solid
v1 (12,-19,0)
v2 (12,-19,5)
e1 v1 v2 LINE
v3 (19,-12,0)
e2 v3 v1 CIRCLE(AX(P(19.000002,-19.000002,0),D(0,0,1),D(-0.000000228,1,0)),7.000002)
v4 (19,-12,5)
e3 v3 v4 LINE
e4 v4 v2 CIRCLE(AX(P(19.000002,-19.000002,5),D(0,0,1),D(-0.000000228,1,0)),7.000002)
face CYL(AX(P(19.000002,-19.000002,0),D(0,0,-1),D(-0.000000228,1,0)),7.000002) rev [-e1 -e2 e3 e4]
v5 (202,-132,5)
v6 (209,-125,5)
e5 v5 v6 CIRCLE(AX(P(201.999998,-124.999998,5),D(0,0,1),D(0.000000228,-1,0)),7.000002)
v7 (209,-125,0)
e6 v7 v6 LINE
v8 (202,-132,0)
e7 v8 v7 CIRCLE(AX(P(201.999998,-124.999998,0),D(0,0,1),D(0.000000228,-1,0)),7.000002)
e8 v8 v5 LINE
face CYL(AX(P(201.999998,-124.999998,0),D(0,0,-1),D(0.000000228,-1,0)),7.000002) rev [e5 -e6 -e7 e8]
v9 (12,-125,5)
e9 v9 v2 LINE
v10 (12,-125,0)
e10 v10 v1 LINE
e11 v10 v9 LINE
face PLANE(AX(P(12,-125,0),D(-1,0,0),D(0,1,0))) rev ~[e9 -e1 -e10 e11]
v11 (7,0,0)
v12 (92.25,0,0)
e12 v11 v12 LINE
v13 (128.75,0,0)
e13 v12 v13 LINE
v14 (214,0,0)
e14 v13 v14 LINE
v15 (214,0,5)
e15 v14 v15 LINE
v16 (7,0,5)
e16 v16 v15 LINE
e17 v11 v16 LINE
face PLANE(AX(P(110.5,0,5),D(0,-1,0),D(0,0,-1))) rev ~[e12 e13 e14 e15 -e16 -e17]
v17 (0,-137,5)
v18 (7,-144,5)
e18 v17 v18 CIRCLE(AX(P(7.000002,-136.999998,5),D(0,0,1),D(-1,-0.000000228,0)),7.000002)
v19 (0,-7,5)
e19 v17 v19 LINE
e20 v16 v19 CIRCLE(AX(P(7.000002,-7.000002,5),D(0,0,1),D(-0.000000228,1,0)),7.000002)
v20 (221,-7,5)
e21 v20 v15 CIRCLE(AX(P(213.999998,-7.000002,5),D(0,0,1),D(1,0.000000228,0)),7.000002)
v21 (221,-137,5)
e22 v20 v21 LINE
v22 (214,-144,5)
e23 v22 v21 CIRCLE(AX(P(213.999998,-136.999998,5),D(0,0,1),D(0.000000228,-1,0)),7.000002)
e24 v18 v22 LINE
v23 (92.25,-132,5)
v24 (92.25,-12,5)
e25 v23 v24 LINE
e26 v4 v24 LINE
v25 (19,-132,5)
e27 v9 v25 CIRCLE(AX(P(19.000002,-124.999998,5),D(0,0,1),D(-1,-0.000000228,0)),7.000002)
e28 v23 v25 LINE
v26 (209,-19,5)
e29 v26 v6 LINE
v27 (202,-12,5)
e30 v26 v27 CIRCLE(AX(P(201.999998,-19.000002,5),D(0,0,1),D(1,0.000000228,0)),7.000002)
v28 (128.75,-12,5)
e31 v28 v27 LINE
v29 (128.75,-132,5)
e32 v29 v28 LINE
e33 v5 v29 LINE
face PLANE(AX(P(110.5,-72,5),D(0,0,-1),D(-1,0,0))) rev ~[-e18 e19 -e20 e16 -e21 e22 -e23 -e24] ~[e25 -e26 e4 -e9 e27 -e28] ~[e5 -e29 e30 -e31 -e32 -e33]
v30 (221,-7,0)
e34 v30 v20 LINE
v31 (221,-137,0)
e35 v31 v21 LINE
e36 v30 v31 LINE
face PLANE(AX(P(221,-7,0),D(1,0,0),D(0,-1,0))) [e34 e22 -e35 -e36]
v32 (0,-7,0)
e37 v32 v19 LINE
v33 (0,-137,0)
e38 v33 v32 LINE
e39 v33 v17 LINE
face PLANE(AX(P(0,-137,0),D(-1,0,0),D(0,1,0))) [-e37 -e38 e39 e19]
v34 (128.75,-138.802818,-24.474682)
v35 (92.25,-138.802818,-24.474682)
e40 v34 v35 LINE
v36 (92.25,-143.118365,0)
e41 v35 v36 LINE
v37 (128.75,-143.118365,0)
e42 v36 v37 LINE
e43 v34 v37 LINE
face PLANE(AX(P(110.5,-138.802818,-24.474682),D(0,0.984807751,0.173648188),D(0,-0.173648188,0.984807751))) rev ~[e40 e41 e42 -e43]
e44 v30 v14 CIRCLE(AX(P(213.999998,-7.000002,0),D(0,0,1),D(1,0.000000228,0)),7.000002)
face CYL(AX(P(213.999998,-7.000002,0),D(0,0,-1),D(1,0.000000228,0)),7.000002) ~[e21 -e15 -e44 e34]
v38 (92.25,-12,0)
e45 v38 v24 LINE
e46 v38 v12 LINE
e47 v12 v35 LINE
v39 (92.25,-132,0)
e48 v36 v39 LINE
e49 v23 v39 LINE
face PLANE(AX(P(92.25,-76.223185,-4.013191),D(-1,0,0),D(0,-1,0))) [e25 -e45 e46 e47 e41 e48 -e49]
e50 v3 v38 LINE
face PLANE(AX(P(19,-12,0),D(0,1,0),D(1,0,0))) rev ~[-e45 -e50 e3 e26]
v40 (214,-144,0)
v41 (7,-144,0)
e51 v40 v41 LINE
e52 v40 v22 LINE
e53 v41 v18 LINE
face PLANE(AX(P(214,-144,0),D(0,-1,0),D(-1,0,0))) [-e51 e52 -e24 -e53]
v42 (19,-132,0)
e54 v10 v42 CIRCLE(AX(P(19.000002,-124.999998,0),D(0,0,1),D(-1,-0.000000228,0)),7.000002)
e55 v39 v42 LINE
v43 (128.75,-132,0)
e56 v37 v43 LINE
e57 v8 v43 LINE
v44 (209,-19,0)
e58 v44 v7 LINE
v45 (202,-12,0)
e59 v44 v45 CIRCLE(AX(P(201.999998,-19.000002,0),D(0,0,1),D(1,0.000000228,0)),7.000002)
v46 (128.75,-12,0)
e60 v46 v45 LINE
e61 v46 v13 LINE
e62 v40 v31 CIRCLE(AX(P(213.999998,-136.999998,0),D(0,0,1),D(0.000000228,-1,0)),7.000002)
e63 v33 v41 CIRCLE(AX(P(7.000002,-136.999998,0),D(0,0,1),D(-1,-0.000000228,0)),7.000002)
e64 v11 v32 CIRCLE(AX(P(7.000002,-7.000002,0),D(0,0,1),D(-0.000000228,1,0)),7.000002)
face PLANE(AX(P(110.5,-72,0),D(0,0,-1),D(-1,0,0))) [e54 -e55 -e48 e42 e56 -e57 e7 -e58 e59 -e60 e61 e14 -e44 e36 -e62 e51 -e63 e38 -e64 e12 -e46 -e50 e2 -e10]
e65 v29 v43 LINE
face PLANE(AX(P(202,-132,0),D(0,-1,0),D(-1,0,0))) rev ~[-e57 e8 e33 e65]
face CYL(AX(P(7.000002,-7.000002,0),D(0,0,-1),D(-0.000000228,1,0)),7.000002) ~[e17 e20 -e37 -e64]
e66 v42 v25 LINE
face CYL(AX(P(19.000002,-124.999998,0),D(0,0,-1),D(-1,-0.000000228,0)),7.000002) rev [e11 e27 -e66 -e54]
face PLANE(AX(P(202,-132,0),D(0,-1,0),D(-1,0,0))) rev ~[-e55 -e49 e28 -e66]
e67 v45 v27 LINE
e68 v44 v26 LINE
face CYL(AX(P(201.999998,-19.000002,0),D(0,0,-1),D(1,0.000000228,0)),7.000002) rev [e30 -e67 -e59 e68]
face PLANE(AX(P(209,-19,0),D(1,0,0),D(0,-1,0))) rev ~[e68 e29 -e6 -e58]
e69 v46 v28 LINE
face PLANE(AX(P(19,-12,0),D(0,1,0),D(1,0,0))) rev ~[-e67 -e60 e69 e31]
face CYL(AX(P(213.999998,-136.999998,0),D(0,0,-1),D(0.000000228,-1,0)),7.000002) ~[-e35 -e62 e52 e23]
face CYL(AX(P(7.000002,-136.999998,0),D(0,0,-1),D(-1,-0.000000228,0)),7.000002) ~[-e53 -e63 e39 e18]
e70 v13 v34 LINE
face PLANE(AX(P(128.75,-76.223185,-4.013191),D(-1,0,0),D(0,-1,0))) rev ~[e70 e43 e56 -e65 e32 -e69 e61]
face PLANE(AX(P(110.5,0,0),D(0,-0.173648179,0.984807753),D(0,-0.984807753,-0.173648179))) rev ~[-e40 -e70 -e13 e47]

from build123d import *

# Parameters (mm, degrees)
PAD_DEPTH    = 5
PAD001_DEPTH = 18.25


with BuildPart() as part:
    # Sketch → Pad (new body)
    with BuildSketch(Plane.XY):
        with BuildLine():
            Line((7, 0), (214, 0))
            ThreePointArc((221, -7), (218.949747, -2.050253), (214, 0))
            Line((221, -7), (221, -137))
            ThreePointArc((214, -144), (218.949747, -141.949747), (221, -137))
            Line((214, -144), (7, -144))
            ThreePointArc((0, -137), (2.050253, -141.949747), (7, -144))
            Line((0, -137), (0, -7))
            ThreePointArc((7, 0), (2.050253, -2.050253), (0, -7))
        make_face()
        with BuildLine():
            Line((19, -12), (202, -12))
            ThreePointArc((209, -19), (206.949747, -14.050253), (202, -12))
            Line((209, -19), (209, -125))
            ThreePointArc((202, -132), (206.949747, -129.949747), (209, -125))
            Line((202, -132), (19, -132))
            ThreePointArc((12, -125), (14.050253, -129.949747), (19, -132))
            Line((12, -125), (12, -19))
            ThreePointArc((19, -12), (14.050253, -14.050253), (12, -19))
        make_face(mode=Mode.SUBTRACT)
    extrude(amount=PAD_DEPTH)

    # Sketch001 (on DatumPlane) → Pad001 (join, symmetric)
    with BuildSketch(Plane.YZ.offset(110.5)):
        Polygon((0, 0), (-138.802818, -24.474682), (-144, 5), (0, 5), align=None)
    extrude(amount=PAD001_DEPTH, both=True)


solid = part.part
